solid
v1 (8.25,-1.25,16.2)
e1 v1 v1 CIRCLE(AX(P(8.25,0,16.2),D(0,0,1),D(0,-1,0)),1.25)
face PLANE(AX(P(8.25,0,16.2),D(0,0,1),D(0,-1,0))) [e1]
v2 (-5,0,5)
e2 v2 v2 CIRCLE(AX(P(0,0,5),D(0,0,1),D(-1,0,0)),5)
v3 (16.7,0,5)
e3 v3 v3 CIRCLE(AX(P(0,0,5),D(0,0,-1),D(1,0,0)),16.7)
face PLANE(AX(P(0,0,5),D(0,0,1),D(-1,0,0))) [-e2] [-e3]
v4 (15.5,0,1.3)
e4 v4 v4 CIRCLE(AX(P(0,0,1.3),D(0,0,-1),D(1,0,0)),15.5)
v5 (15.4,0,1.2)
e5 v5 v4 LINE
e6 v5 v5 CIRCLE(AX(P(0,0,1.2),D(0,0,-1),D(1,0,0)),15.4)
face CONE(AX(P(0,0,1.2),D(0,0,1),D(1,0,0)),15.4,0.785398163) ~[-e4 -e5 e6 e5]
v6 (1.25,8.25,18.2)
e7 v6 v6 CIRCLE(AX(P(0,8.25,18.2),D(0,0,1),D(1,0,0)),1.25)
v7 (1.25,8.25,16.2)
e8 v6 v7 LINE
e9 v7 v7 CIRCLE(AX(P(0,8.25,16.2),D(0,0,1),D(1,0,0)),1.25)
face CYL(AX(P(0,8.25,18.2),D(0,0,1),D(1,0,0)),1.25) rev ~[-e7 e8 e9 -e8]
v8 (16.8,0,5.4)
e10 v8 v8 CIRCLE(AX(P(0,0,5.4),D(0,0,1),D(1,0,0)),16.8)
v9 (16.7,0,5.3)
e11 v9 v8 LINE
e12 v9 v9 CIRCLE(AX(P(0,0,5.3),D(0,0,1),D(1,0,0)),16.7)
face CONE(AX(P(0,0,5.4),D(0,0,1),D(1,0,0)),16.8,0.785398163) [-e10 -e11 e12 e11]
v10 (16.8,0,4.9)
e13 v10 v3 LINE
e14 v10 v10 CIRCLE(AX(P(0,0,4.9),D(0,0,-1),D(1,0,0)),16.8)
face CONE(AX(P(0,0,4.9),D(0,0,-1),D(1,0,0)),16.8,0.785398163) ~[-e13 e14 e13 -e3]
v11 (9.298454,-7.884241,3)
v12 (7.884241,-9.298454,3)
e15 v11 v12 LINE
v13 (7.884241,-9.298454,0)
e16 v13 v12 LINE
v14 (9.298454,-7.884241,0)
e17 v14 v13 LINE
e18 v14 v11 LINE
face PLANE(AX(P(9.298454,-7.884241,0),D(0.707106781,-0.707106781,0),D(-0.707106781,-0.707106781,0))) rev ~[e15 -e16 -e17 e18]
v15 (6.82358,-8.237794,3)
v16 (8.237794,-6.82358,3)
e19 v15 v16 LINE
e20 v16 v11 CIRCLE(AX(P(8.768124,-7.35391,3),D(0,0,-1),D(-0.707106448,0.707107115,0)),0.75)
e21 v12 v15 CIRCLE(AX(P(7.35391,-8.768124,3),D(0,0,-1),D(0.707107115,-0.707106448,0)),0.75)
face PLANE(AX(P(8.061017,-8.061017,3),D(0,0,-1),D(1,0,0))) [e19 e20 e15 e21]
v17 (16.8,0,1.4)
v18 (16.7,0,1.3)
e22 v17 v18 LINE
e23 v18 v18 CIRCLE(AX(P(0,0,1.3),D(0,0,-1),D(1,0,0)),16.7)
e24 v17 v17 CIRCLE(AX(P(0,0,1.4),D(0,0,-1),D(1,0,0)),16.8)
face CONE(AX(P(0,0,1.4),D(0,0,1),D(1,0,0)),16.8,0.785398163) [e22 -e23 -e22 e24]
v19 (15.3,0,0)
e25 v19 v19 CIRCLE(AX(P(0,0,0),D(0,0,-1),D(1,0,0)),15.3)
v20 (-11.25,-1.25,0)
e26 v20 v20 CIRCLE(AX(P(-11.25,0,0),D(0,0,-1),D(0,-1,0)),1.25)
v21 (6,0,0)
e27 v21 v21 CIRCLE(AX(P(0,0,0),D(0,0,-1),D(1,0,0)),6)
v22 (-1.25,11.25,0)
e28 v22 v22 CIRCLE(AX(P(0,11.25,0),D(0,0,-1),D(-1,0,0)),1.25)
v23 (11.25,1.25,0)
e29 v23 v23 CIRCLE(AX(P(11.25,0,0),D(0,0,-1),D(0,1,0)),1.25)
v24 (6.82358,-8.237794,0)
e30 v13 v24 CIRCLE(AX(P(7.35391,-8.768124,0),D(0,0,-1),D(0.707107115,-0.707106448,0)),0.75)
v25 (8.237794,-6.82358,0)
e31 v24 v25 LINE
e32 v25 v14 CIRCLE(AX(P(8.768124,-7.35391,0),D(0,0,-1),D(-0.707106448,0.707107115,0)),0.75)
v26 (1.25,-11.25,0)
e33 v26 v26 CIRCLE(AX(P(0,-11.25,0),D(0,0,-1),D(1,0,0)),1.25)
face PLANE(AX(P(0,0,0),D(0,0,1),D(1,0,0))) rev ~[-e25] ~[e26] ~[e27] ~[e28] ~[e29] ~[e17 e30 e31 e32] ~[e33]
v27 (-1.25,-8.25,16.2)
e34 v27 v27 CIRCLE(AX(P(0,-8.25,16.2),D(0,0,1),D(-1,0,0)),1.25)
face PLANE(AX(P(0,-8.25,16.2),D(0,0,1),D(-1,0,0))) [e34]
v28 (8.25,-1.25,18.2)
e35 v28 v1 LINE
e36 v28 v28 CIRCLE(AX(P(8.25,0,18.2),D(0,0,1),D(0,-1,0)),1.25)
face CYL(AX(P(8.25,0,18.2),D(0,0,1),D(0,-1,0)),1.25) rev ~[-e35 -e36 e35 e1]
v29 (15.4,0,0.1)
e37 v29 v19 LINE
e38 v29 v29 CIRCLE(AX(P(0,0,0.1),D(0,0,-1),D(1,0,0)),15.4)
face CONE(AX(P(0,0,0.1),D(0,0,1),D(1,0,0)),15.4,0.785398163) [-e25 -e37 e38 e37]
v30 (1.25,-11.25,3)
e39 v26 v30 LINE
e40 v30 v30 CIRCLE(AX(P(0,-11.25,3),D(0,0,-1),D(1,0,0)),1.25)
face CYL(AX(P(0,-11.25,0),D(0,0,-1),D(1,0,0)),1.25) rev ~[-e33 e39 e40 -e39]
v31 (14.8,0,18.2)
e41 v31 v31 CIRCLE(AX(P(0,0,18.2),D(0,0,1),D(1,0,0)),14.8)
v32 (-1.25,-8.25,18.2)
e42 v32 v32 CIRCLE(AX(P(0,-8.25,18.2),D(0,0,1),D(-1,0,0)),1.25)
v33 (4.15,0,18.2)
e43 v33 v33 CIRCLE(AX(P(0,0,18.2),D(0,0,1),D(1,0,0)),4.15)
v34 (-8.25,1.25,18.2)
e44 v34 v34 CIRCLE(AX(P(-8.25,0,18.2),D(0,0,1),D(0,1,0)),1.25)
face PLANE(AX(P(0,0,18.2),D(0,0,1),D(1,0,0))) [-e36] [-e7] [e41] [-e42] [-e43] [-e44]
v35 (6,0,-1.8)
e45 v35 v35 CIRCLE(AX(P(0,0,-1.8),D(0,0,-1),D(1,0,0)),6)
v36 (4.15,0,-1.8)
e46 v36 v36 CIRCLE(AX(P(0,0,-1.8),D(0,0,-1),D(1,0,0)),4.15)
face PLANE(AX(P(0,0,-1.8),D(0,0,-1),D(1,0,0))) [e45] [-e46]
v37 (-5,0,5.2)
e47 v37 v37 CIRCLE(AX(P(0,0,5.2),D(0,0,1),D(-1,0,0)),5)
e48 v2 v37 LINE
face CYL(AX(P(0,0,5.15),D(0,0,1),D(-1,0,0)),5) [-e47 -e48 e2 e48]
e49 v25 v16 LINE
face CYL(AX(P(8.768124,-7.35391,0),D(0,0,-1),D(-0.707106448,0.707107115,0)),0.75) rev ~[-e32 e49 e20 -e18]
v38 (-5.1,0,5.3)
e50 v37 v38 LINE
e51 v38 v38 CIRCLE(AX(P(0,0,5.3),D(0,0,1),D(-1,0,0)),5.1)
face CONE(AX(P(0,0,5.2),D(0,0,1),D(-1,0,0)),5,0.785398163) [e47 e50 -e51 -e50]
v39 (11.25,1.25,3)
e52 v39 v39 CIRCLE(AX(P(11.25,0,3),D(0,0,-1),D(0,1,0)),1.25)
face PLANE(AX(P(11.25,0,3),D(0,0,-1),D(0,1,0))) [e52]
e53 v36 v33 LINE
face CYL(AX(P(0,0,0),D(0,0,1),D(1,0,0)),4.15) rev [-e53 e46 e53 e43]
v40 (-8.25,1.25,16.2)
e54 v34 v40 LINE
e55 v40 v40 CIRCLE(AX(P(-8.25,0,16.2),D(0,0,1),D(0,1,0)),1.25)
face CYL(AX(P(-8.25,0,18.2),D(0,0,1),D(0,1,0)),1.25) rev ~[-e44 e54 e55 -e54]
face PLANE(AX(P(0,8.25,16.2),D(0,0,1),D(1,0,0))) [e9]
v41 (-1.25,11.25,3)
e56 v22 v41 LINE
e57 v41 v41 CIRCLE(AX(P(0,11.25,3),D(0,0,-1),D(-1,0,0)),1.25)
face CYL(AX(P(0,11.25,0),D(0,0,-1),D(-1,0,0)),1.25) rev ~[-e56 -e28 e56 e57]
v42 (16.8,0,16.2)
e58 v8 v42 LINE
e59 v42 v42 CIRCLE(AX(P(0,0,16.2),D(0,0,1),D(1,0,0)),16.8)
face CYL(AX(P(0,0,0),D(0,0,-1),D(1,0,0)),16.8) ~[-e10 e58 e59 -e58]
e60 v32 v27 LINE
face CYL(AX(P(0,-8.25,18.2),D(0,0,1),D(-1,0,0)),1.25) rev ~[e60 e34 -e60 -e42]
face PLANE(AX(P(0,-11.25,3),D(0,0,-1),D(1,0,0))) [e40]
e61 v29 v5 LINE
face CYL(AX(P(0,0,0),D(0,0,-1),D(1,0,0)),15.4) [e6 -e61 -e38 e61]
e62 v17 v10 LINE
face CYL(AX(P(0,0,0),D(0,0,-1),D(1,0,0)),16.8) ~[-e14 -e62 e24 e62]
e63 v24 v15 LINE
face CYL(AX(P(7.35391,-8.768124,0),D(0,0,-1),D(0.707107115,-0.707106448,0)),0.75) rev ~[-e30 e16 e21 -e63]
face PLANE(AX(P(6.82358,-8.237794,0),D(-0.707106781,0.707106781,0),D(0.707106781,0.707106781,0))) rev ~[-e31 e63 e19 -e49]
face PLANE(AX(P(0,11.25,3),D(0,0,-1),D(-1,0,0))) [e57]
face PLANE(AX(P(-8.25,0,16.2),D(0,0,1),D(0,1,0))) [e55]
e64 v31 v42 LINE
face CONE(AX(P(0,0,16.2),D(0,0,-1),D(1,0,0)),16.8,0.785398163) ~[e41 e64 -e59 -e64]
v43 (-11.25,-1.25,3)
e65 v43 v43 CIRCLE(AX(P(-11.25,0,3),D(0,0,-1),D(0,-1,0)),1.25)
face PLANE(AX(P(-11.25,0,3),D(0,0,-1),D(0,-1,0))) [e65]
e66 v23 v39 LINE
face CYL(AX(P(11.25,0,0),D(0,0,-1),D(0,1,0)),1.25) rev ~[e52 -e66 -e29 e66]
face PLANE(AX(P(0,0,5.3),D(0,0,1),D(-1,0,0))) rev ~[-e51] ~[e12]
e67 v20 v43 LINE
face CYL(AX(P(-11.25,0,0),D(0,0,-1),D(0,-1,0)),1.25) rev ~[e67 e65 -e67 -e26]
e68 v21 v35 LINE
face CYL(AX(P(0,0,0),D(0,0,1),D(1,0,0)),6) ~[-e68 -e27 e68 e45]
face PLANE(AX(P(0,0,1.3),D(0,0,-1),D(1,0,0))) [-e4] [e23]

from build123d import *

# Parameters (mm, degrees)
SKETCH_R              = 16.8
PAD_DEPTH             = 18.2
SKETCH001_R           = 1.25
POCKET_DEPTH          = 2
POLARPATTERN_COUNT    = 4
SKETCH002_R           = 4.15
POCKET001_DEPTH       = 18.201
SKETCH003_R           = 1.25
POCKET002_DEPTH       = 3
POLARPATTERN001_COUNT = 4
SKETCH004_R           = 6
SKETCH004_R_2         = 4.15
PAD001_DEPTH          = 1.8
SKETCH005_R           = 16.8
SKETCH005_R_2         = 15.4
POCKET003_DEPTH       = 1.3
SKETCH006_W           = 11.8
SKETCH006_H           = 0.3
CHAMFER_SIZE          = 2
CHAMFER001_SIZE       = 0.1
CHAMFER002_SIZE       = 0.1
CHAMFER003_SIZE       = 0.1
CHAMFER004_SIZE       = 0.1
CHAMFER005_SIZE       = 0.1
POCKET004_DEPTH       = 3


with BuildPart() as part:
    # Sketch → Pad (new body)
    with BuildSketch(Plane.XY):
        Circle(SKETCH_R)
    extrude(amount=PAD_DEPTH)

    # Sketch001 (on Face3 of Pad) → Pocket (cut)
    with BuildSketch(Plane.XY.offset(18.2)):
        with Locations((0, 8.25)):
            Circle(SKETCH001_R)
    pocket = extrude(amount=-POCKET_DEPTH, mode=Mode.SUBTRACT)

    # PolarPattern: Pocket ×4 about axis
    polarpattern_axis = Axis((0, 0, 18.2), (0, 0, 1))
    for i in range(1, POLARPATTERN_COUNT):
        add(pocket.rotate(polarpattern_axis, i * 360 / POLARPATTERN_COUNT), mode=Mode.SUBTRACT)

    # Sketch002 (on Face3 of PolarPattern) → Pocket001 (cut, through all)
    with BuildSketch(Plane.XY.offset(18.2)):
        Circle(SKETCH002_R)
    extrude(amount=-POCKET001_DEPTH, mode=Mode.SUBTRACT)

    # Sketch003 (on Face2 of Pocket001) → Pocket002 (cut)
    with BuildSketch(Plane(origin=(0, 0, 0), x_dir=(1, 0, 0), z_dir=(0, 0, -1))):
        with Locations((0, 11.25)):
            Circle(SKETCH003_R)
    pocket002 = extrude(amount=-POCKET002_DEPTH, mode=Mode.SUBTRACT)

    # PolarPattern001: Pocket002 ×4 about axis
    polarpattern001_axis = Axis((0, 0, 0), (0, 0, -1))
    for i in range(1, POLARPATTERN001_COUNT):
        add(pocket002.rotate(polarpattern001_axis, i * 360 / POLARPATTERN001_COUNT), mode=Mode.SUBTRACT)

    # Sketch004 (on Face2 of PolarPattern001) → Pad001 (join)
    with BuildSketch(Plane(origin=(0, 0, 0), x_dir=(1, 0, 0), z_dir=(0, 0, -1))):
        Circle(SKETCH004_R)
        Circle(SKETCH004_R_2, mode=Mode.SUBTRACT)
    extrude(amount=PAD001_DEPTH)

    # Sketch005 (on Face2 of Pad001) → Pocket003 (cut)
    with BuildSketch(Plane(origin=(0, 0, 0), x_dir=(1, 0, 0), z_dir=(0, 0, -1))):
        Circle(SKETCH005_R)
        Circle(SKETCH005_R_2, mode=Mode.SUBTRACT)
    extrude(amount=-POCKET003_DEPTH, mode=Mode.SUBTRACT)

    # Sketch006 → Groove (revolve, cut)
    with BuildSketch(Plane.XZ):
        with Locations((-10.9, 5.15)):
            Rectangle(SKETCH006_W, SKETCH006_H)
    revolve(axis=Axis((0, 0, 0), (0, 0, 1)), mode=Mode.SUBTRACT)

    # Chamfer
    chamfer_edges = [part.edges().sort_by_distance(p)[0] for p in [
        (-16.8, 0, 18.2),
    ]]
    chamfer(chamfer_edges, length=CHAMFER_SIZE)

    # Chamfer001
    chamfer001_edges = [part.edges().sort_by_distance(p)[0] for p in [
        (-16.8, 0, 1.3),
    ]]
    chamfer(chamfer001_edges, length=CHAMFER001_SIZE)

    # Chamfer002
    chamfer002_edges = [part.edges().sort_by_distance(p)[0] for p in [
        (-15.4, 0, 0),
    ]]
    chamfer(chamfer002_edges, length=CHAMFER002_SIZE)

    # Chamfer003
    chamfer003_edges = [part.edges().sort_by_distance(p)[0] for p in [
        (-15.4, 0, 1.3),
    ]]
    chamfer(chamfer003_edges, length=CHAMFER003_SIZE)

    # Chamfer004
    chamfer004_edges = [part.edges().sort_by_distance(p)[0] for p in [
        (0, -16.8, 5),
    ]]
    chamfer(chamfer004_edges, length=CHAMFER004_SIZE)

    # Chamfer005
    chamfer005_edges = [part.edges().sort_by_distance(p)[0] for p in [
        (5, 0, 5.3),
        (0, 16.8, 5.3),
        (0, -16.8, 5.3),
    ]]
    chamfer(chamfer005_edges, length=CHAMFER005_SIZE)

    # Sketch007 (on Face29 of Chamfer005) → Pocket004 (cut)
    with BuildSketch(Plane(origin=(0, 0, 0), x_dir=(1, 0, 0), z_dir=(0, 0, -1))):
        with BuildLine():
            ThreePointArc((7.884241, 9.298454), (6.82358, 9.298454), (6.82358, 8.237794))
            Line((6.82358, 8.237794), (8.237794, 6.82358))
            ThreePointArc((8.237794, 6.82358), (9.298454, 6.82358), (9.298454, 7.884241))
            Line((9.298454, 7.884241), (7.884241, 9.298454))
        make_face()
    extrude(amount=-POCKET004_DEPTH, mode=Mode.SUBTRACT)


solid = part.part
